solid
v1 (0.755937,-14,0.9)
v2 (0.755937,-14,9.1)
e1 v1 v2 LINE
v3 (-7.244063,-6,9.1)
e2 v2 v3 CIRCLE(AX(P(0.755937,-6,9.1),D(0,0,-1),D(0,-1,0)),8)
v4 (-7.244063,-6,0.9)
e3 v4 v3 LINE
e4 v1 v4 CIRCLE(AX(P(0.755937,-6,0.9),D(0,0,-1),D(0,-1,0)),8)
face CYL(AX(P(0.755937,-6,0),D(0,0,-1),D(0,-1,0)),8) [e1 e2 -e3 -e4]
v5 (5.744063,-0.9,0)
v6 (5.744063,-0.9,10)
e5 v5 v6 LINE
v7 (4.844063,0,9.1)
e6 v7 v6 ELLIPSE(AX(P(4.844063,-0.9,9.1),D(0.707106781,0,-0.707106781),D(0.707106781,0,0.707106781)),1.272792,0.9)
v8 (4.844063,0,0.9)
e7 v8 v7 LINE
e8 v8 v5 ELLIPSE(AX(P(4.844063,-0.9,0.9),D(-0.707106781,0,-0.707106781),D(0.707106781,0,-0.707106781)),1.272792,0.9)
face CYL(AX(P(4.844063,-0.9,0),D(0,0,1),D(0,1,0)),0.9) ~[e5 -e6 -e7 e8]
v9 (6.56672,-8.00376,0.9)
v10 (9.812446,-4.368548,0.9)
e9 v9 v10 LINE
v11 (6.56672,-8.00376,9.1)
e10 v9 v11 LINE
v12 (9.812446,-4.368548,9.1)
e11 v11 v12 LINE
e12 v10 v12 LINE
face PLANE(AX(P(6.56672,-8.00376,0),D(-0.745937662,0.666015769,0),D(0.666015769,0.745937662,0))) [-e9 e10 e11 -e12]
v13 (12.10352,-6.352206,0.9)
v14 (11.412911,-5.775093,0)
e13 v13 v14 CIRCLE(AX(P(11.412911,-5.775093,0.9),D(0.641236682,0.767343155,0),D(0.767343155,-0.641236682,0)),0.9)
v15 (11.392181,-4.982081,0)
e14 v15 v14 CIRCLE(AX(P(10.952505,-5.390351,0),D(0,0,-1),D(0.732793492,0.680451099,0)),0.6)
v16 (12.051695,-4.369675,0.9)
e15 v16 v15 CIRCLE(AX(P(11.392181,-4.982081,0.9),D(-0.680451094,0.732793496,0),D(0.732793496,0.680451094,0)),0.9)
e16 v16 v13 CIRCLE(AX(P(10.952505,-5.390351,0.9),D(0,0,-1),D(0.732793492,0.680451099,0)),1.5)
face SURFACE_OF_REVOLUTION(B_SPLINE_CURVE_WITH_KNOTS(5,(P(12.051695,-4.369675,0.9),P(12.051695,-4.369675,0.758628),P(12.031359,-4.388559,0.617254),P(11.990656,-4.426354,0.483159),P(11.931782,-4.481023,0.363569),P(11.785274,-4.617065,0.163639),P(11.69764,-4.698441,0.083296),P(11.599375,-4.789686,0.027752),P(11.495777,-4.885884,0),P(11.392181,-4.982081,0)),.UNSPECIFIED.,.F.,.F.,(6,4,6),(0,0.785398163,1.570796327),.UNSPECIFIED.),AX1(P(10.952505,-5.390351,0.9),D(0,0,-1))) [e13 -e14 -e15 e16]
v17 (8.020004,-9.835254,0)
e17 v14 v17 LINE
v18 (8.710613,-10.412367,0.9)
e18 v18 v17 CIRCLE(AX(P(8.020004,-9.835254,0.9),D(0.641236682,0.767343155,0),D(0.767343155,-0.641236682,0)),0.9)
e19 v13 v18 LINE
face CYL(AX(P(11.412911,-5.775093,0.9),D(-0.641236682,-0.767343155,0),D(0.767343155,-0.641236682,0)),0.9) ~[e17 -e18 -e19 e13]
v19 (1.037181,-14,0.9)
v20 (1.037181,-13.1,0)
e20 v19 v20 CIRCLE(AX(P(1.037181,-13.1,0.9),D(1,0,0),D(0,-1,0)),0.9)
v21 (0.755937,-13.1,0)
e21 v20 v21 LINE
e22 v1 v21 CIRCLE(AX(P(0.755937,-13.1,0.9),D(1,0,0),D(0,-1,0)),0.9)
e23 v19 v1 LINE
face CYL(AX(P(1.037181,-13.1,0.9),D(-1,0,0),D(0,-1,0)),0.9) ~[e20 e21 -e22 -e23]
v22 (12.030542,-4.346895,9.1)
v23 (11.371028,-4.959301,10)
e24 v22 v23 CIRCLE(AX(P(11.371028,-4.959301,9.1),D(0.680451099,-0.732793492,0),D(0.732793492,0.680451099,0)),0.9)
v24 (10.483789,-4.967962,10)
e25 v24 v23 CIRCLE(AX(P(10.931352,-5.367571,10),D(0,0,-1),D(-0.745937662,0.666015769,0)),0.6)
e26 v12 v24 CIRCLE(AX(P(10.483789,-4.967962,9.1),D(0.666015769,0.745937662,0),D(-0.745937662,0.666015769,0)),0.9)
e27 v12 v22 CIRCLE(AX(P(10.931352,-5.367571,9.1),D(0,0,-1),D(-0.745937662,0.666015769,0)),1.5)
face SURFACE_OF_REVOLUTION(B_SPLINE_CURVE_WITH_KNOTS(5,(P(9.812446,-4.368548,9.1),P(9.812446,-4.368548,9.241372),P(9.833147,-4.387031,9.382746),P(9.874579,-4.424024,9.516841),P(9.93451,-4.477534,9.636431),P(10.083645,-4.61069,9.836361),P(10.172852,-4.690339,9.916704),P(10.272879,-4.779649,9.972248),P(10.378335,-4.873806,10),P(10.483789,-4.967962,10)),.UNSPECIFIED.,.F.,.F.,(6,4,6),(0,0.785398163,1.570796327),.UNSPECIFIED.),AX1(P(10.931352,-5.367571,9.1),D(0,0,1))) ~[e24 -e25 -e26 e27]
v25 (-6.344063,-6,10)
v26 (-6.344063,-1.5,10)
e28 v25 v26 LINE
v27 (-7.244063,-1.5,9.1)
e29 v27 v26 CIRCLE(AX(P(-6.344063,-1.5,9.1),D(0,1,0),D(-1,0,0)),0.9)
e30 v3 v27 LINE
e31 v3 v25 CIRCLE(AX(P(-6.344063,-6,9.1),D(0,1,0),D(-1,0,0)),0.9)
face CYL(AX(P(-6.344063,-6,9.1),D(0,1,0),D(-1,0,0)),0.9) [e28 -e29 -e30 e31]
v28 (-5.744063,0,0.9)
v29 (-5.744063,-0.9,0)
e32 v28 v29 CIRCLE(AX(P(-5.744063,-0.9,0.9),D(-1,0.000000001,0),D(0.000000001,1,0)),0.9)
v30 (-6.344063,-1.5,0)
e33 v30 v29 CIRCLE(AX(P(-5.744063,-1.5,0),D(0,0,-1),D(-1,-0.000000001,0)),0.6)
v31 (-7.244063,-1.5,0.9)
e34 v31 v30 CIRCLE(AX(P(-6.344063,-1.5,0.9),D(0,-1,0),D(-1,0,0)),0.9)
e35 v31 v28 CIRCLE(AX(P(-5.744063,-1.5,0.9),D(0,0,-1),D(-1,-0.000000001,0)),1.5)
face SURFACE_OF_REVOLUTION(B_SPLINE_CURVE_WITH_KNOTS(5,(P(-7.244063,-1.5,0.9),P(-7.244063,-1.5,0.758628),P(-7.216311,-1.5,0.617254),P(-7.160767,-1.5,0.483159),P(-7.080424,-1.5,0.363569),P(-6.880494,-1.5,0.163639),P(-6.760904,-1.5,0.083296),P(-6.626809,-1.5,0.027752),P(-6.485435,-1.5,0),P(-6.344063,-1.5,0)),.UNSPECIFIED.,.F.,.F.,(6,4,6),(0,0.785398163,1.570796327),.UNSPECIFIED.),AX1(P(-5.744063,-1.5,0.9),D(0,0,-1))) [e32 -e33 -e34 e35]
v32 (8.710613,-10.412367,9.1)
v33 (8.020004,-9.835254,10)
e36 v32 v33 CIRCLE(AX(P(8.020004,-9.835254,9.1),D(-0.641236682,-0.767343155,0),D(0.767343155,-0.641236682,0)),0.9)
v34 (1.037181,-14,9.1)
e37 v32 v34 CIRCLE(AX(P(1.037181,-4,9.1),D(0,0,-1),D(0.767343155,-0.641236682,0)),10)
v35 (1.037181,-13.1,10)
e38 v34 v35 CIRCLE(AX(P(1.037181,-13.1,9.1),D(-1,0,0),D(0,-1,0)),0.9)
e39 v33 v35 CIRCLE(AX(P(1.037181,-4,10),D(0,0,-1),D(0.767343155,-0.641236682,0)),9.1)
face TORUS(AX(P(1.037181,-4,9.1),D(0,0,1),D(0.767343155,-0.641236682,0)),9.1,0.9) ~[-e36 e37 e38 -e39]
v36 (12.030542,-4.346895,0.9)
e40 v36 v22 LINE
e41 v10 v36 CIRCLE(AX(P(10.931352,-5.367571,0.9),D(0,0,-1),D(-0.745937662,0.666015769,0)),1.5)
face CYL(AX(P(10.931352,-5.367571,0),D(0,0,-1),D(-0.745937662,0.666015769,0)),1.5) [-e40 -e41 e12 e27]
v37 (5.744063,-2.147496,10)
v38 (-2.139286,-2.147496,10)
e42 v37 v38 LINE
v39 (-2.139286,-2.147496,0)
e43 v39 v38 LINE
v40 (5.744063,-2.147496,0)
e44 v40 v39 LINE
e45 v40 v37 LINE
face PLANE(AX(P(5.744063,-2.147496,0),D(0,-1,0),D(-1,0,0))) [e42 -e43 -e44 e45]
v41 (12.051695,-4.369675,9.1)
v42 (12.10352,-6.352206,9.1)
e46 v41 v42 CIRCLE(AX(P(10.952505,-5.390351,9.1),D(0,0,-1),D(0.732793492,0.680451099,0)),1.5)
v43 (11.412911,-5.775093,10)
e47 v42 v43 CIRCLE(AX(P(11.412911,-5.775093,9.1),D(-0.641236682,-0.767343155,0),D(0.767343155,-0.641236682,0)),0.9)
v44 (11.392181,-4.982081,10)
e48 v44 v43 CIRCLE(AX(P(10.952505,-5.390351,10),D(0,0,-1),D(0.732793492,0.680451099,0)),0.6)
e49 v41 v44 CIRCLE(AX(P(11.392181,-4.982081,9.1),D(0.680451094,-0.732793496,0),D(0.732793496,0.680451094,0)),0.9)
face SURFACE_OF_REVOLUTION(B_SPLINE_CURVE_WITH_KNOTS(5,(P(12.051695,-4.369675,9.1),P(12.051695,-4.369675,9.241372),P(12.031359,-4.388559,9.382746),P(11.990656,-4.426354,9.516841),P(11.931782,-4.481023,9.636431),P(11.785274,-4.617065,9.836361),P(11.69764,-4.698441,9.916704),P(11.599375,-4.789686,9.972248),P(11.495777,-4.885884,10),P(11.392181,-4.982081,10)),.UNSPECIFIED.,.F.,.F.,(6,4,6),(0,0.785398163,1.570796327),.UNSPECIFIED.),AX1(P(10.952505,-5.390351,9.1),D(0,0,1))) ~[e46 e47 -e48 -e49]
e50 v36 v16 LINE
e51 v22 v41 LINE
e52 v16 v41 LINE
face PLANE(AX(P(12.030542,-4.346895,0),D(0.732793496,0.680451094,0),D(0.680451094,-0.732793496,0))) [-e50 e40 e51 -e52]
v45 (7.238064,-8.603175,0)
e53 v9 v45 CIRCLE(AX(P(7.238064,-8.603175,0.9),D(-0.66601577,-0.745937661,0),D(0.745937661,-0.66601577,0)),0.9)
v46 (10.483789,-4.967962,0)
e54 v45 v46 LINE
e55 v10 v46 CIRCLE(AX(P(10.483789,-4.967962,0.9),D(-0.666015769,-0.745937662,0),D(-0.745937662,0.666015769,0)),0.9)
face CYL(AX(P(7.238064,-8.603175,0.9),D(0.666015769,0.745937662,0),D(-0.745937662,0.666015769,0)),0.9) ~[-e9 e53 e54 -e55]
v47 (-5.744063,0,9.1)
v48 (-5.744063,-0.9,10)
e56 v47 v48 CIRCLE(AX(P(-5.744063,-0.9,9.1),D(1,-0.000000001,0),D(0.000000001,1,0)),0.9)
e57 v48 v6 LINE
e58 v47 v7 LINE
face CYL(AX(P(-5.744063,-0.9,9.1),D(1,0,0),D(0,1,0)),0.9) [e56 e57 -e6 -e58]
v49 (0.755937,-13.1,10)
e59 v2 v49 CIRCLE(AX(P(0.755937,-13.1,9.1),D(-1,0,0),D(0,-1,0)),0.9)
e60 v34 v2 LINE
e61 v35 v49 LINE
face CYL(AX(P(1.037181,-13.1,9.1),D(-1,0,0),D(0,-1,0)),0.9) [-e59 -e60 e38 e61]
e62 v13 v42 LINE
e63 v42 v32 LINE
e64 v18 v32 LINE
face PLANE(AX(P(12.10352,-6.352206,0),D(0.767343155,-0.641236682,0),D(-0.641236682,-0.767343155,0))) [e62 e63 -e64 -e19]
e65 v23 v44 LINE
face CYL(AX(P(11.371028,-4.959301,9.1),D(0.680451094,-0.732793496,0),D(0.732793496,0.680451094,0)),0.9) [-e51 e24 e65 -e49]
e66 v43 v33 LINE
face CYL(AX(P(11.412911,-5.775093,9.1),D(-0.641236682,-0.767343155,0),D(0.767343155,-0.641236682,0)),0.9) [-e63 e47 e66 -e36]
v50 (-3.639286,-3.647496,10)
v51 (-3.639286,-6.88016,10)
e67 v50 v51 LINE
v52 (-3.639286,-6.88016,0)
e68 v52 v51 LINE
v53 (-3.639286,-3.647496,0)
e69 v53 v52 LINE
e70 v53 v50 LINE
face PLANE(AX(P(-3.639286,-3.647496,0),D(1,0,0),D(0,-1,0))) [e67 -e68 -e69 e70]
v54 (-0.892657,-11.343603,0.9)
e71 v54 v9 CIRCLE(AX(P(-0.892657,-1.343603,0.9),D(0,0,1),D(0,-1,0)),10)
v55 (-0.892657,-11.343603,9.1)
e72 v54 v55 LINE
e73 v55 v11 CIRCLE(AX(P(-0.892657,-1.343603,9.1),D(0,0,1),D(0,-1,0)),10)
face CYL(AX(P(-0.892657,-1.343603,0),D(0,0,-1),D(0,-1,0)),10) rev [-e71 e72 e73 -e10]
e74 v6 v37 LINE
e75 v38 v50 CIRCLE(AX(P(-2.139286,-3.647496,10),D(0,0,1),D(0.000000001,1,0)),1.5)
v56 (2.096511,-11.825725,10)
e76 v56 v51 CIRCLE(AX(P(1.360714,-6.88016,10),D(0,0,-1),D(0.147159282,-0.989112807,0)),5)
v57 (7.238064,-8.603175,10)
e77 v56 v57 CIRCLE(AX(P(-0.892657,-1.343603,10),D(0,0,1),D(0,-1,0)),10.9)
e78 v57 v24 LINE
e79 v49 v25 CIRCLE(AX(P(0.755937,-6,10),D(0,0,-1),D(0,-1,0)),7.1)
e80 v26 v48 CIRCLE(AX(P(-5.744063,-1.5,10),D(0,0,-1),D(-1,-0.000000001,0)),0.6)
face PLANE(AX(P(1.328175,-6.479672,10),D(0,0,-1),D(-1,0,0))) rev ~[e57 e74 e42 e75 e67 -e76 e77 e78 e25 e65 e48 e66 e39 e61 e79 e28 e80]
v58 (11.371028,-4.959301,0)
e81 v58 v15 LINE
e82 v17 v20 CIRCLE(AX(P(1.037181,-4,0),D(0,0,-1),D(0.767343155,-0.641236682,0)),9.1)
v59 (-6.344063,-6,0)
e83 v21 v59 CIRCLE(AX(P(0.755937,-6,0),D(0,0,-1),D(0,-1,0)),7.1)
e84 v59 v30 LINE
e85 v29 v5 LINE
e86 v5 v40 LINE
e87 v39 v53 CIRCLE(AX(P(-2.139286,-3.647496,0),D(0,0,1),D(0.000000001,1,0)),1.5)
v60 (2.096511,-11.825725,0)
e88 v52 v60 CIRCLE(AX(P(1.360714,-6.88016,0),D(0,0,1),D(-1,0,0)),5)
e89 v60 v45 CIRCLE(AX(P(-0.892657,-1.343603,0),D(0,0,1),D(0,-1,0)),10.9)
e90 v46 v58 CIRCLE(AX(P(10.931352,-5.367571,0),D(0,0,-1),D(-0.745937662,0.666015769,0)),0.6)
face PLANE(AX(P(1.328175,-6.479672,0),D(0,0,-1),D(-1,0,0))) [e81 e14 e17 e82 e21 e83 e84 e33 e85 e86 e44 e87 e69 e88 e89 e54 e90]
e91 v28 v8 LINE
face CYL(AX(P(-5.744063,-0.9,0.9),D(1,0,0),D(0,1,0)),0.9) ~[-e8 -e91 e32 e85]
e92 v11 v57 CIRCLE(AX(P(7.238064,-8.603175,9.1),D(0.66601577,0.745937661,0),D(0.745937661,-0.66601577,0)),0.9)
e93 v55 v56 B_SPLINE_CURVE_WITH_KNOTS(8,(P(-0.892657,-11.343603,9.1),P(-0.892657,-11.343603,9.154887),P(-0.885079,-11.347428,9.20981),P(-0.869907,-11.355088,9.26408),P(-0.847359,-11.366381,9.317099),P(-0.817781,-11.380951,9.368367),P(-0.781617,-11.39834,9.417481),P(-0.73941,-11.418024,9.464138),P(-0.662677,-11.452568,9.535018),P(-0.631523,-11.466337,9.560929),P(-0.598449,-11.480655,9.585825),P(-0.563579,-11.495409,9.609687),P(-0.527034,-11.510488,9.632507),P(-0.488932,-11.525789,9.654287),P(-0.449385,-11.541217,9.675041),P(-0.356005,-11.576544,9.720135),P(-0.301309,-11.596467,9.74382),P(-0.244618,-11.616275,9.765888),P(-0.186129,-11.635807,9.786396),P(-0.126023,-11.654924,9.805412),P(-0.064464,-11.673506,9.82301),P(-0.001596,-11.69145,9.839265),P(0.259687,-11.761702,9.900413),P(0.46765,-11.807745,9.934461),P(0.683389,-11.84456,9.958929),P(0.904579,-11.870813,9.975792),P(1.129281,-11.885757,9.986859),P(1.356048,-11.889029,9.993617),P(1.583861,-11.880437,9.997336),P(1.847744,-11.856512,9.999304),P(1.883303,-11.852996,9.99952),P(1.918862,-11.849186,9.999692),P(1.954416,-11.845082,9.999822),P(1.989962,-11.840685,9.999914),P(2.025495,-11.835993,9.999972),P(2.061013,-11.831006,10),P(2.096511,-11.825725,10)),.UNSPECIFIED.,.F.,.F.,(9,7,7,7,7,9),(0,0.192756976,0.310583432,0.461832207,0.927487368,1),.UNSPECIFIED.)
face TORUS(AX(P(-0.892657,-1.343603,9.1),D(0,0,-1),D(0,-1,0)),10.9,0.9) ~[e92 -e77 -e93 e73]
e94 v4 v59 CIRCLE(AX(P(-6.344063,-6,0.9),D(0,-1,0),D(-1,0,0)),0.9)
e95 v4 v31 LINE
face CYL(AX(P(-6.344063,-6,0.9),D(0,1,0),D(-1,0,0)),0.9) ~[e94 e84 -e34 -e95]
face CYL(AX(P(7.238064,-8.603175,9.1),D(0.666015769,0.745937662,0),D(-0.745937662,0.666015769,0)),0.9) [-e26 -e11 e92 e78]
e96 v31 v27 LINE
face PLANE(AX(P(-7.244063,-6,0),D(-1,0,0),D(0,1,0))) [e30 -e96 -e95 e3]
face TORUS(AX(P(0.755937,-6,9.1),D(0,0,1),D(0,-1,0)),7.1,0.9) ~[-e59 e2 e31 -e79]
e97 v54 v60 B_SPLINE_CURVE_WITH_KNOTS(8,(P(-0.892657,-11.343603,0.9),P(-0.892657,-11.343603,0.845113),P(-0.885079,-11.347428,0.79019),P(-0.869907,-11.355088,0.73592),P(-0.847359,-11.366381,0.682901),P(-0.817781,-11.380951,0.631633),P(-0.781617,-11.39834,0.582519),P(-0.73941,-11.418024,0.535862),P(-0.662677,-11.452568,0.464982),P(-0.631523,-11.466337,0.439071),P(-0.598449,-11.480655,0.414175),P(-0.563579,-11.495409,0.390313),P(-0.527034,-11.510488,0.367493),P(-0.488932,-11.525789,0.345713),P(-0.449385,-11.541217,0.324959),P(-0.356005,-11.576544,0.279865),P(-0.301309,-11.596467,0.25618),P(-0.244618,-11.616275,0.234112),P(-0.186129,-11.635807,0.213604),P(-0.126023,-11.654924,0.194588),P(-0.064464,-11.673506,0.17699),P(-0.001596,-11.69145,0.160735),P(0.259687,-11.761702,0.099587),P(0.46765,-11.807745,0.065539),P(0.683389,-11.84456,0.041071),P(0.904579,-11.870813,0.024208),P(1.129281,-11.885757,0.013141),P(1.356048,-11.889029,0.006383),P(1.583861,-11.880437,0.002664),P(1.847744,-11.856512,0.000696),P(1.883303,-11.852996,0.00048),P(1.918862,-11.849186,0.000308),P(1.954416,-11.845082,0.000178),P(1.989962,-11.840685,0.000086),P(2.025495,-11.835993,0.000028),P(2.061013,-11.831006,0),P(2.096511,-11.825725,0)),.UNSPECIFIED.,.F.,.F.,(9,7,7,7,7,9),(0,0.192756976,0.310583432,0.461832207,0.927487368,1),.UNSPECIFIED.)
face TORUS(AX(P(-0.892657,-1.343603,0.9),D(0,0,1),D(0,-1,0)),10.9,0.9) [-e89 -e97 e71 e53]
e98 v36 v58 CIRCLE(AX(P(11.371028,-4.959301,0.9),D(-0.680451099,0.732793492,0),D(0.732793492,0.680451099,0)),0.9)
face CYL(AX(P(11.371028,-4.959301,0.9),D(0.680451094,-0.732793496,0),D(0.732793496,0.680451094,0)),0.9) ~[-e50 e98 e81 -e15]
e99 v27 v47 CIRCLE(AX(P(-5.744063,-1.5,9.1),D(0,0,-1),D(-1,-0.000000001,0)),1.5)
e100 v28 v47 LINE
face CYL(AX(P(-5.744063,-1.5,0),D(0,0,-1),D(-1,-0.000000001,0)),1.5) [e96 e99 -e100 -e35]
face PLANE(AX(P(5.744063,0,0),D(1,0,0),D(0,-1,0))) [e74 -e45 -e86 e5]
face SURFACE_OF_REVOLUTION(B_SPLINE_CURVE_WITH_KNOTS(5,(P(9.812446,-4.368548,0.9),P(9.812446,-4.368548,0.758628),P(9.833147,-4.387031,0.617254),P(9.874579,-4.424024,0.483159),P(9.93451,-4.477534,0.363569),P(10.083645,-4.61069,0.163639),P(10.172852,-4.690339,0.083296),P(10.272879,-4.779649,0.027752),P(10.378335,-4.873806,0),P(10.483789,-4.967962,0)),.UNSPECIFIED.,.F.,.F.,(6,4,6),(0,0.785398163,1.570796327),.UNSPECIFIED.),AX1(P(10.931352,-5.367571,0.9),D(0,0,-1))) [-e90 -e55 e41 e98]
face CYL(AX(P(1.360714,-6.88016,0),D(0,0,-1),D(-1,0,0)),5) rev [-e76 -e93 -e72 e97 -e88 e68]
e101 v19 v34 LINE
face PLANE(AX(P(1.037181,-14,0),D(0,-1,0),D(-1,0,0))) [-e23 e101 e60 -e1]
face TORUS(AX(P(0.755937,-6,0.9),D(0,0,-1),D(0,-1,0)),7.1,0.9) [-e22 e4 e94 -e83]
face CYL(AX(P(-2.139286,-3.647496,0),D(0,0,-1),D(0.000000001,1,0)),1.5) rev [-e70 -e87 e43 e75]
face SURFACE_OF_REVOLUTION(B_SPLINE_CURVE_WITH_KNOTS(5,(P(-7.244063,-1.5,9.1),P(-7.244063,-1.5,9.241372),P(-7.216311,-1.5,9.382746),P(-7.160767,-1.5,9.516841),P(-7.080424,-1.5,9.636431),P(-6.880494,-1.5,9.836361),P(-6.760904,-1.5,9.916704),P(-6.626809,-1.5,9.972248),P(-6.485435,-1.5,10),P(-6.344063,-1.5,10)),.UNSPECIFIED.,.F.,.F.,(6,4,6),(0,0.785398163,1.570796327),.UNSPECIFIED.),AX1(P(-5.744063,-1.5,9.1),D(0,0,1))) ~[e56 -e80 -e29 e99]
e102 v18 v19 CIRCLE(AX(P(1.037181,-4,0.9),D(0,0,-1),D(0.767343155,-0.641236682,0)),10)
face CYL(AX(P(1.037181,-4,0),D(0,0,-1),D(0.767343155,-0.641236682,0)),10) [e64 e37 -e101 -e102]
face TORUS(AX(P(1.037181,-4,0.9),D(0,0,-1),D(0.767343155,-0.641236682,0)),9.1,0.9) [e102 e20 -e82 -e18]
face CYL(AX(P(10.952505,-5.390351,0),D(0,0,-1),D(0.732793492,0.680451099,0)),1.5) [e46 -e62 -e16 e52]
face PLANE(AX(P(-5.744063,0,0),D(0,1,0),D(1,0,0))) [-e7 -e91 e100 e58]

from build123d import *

# Parameters (mm, degrees)
SALIENTE_EXTRUIR1_DEPTH = 10
REDONDEO8_R             = 0.9


with BuildPart() as part:
    # Croquis2 → Saliente-Extruir1 (new body)
    with BuildSketch(Plane.XY):
        with BuildLine():
            Line((-5.744063225, 0), (5.744063225, 0))
            Line((5.744063225, 0), (5.744063225, -2.147495728))
            Line((5.744063225, -2.147495728), (-2.139285526, -2.147495728))
            ThreePointArc((-2.139285526, -2.147495728), (-3.199945698, -2.586835556), (-3.639285526, -3.647495728))
            Line((-3.639285526, -3.647495728), (-3.639285526, -6.880160463))
            ThreePointArc((-3.639285526, -6.880160463), (-2.897621881, -9.500574837), (-0.892656931, -11.34360278))
            ThreePointArc((-0.892656931, -11.34360278), (3.193809946, -10.470529341), (6.566719686, -8.003760473))
            Line((6.566719686, -8.003760473), (9.81244552, -4.368547538))
            ThreePointArc((9.81244552, -4.368547538), (10.916709754, -3.867642659), (12.03054225, -4.346894543))
            Line((12.03054225, -4.346894543), (12.051695209, -4.369674653))
            ThreePointArc((12.051695209, -4.369674653), (12.451992737, -5.351153846), (12.103519704, -6.352206325))
            Line((12.103519704, -6.352206325), (8.710612857, -10.412366821))
            ThreePointArc((8.710612857, -10.412366821), (5.272528505, -13.058798712), (1.037181306, -14))
            Line((1.037181306, -14), (0.755936775, -14))
            ThreePointArc((0.755936775, -14), (-4.900917475, -11.656854249), (-7.244063225, -6))
            Line((-7.244063225, -6), (-7.244063225, -1.5))
            ThreePointArc((-7.244063225, -1.5), (-6.804723397, -0.439339828), (-5.744063225, 0))
        make_face()
    extrude(amount=SALIENTE_EXTRUIR1_DEPTH)

    # Redondeo8
    redondeo8_edges = [part.edges().sort_by_distance(p)[0] for p in [
        (-6.804723397, -0.439339828, 10),
        (-7.244063225, -3.75, 10),
        (3.193809946, -10.470529341, 0),
        (8.189582603, -6.186154005, 0),
        (10.916709754, -3.867642659, 0),
        (12.041118729, -4.358284598, 0),
        (12.451992737, -5.351153846, 0),
        (10.40706628, -8.382286573, 0),
        (5.272528505, -13.058798712, 0),
        (-4.900917475, -11.656854249, 10),
        (0.89655904, -14, 0),
        (-4.900917475, -11.656854249, 0),
        (-7.244063225, -3.75, 0),
        (-6.804723397, -0.439339828, 0),
        (0, 0, 0),
        (0.89655904, -14, 10),
        (5.272528505, -13.058798712, 10),
        (5.744063225, 0, 5),
        (10.40706628, -8.382286573, 10),
        (12.451992737, -5.351153846, 10),
        (12.041118729, -4.358284598, 10),
        (10.916709754, -3.867642659, 10),
        (8.189582603, -6.186154005, 10),
        (3.193809946, -10.470529341, 10),
        (0, 0, 10),
    ]]
    fillet(redondeo8_edges, radius=REDONDEO8_R)


solid = part.part
